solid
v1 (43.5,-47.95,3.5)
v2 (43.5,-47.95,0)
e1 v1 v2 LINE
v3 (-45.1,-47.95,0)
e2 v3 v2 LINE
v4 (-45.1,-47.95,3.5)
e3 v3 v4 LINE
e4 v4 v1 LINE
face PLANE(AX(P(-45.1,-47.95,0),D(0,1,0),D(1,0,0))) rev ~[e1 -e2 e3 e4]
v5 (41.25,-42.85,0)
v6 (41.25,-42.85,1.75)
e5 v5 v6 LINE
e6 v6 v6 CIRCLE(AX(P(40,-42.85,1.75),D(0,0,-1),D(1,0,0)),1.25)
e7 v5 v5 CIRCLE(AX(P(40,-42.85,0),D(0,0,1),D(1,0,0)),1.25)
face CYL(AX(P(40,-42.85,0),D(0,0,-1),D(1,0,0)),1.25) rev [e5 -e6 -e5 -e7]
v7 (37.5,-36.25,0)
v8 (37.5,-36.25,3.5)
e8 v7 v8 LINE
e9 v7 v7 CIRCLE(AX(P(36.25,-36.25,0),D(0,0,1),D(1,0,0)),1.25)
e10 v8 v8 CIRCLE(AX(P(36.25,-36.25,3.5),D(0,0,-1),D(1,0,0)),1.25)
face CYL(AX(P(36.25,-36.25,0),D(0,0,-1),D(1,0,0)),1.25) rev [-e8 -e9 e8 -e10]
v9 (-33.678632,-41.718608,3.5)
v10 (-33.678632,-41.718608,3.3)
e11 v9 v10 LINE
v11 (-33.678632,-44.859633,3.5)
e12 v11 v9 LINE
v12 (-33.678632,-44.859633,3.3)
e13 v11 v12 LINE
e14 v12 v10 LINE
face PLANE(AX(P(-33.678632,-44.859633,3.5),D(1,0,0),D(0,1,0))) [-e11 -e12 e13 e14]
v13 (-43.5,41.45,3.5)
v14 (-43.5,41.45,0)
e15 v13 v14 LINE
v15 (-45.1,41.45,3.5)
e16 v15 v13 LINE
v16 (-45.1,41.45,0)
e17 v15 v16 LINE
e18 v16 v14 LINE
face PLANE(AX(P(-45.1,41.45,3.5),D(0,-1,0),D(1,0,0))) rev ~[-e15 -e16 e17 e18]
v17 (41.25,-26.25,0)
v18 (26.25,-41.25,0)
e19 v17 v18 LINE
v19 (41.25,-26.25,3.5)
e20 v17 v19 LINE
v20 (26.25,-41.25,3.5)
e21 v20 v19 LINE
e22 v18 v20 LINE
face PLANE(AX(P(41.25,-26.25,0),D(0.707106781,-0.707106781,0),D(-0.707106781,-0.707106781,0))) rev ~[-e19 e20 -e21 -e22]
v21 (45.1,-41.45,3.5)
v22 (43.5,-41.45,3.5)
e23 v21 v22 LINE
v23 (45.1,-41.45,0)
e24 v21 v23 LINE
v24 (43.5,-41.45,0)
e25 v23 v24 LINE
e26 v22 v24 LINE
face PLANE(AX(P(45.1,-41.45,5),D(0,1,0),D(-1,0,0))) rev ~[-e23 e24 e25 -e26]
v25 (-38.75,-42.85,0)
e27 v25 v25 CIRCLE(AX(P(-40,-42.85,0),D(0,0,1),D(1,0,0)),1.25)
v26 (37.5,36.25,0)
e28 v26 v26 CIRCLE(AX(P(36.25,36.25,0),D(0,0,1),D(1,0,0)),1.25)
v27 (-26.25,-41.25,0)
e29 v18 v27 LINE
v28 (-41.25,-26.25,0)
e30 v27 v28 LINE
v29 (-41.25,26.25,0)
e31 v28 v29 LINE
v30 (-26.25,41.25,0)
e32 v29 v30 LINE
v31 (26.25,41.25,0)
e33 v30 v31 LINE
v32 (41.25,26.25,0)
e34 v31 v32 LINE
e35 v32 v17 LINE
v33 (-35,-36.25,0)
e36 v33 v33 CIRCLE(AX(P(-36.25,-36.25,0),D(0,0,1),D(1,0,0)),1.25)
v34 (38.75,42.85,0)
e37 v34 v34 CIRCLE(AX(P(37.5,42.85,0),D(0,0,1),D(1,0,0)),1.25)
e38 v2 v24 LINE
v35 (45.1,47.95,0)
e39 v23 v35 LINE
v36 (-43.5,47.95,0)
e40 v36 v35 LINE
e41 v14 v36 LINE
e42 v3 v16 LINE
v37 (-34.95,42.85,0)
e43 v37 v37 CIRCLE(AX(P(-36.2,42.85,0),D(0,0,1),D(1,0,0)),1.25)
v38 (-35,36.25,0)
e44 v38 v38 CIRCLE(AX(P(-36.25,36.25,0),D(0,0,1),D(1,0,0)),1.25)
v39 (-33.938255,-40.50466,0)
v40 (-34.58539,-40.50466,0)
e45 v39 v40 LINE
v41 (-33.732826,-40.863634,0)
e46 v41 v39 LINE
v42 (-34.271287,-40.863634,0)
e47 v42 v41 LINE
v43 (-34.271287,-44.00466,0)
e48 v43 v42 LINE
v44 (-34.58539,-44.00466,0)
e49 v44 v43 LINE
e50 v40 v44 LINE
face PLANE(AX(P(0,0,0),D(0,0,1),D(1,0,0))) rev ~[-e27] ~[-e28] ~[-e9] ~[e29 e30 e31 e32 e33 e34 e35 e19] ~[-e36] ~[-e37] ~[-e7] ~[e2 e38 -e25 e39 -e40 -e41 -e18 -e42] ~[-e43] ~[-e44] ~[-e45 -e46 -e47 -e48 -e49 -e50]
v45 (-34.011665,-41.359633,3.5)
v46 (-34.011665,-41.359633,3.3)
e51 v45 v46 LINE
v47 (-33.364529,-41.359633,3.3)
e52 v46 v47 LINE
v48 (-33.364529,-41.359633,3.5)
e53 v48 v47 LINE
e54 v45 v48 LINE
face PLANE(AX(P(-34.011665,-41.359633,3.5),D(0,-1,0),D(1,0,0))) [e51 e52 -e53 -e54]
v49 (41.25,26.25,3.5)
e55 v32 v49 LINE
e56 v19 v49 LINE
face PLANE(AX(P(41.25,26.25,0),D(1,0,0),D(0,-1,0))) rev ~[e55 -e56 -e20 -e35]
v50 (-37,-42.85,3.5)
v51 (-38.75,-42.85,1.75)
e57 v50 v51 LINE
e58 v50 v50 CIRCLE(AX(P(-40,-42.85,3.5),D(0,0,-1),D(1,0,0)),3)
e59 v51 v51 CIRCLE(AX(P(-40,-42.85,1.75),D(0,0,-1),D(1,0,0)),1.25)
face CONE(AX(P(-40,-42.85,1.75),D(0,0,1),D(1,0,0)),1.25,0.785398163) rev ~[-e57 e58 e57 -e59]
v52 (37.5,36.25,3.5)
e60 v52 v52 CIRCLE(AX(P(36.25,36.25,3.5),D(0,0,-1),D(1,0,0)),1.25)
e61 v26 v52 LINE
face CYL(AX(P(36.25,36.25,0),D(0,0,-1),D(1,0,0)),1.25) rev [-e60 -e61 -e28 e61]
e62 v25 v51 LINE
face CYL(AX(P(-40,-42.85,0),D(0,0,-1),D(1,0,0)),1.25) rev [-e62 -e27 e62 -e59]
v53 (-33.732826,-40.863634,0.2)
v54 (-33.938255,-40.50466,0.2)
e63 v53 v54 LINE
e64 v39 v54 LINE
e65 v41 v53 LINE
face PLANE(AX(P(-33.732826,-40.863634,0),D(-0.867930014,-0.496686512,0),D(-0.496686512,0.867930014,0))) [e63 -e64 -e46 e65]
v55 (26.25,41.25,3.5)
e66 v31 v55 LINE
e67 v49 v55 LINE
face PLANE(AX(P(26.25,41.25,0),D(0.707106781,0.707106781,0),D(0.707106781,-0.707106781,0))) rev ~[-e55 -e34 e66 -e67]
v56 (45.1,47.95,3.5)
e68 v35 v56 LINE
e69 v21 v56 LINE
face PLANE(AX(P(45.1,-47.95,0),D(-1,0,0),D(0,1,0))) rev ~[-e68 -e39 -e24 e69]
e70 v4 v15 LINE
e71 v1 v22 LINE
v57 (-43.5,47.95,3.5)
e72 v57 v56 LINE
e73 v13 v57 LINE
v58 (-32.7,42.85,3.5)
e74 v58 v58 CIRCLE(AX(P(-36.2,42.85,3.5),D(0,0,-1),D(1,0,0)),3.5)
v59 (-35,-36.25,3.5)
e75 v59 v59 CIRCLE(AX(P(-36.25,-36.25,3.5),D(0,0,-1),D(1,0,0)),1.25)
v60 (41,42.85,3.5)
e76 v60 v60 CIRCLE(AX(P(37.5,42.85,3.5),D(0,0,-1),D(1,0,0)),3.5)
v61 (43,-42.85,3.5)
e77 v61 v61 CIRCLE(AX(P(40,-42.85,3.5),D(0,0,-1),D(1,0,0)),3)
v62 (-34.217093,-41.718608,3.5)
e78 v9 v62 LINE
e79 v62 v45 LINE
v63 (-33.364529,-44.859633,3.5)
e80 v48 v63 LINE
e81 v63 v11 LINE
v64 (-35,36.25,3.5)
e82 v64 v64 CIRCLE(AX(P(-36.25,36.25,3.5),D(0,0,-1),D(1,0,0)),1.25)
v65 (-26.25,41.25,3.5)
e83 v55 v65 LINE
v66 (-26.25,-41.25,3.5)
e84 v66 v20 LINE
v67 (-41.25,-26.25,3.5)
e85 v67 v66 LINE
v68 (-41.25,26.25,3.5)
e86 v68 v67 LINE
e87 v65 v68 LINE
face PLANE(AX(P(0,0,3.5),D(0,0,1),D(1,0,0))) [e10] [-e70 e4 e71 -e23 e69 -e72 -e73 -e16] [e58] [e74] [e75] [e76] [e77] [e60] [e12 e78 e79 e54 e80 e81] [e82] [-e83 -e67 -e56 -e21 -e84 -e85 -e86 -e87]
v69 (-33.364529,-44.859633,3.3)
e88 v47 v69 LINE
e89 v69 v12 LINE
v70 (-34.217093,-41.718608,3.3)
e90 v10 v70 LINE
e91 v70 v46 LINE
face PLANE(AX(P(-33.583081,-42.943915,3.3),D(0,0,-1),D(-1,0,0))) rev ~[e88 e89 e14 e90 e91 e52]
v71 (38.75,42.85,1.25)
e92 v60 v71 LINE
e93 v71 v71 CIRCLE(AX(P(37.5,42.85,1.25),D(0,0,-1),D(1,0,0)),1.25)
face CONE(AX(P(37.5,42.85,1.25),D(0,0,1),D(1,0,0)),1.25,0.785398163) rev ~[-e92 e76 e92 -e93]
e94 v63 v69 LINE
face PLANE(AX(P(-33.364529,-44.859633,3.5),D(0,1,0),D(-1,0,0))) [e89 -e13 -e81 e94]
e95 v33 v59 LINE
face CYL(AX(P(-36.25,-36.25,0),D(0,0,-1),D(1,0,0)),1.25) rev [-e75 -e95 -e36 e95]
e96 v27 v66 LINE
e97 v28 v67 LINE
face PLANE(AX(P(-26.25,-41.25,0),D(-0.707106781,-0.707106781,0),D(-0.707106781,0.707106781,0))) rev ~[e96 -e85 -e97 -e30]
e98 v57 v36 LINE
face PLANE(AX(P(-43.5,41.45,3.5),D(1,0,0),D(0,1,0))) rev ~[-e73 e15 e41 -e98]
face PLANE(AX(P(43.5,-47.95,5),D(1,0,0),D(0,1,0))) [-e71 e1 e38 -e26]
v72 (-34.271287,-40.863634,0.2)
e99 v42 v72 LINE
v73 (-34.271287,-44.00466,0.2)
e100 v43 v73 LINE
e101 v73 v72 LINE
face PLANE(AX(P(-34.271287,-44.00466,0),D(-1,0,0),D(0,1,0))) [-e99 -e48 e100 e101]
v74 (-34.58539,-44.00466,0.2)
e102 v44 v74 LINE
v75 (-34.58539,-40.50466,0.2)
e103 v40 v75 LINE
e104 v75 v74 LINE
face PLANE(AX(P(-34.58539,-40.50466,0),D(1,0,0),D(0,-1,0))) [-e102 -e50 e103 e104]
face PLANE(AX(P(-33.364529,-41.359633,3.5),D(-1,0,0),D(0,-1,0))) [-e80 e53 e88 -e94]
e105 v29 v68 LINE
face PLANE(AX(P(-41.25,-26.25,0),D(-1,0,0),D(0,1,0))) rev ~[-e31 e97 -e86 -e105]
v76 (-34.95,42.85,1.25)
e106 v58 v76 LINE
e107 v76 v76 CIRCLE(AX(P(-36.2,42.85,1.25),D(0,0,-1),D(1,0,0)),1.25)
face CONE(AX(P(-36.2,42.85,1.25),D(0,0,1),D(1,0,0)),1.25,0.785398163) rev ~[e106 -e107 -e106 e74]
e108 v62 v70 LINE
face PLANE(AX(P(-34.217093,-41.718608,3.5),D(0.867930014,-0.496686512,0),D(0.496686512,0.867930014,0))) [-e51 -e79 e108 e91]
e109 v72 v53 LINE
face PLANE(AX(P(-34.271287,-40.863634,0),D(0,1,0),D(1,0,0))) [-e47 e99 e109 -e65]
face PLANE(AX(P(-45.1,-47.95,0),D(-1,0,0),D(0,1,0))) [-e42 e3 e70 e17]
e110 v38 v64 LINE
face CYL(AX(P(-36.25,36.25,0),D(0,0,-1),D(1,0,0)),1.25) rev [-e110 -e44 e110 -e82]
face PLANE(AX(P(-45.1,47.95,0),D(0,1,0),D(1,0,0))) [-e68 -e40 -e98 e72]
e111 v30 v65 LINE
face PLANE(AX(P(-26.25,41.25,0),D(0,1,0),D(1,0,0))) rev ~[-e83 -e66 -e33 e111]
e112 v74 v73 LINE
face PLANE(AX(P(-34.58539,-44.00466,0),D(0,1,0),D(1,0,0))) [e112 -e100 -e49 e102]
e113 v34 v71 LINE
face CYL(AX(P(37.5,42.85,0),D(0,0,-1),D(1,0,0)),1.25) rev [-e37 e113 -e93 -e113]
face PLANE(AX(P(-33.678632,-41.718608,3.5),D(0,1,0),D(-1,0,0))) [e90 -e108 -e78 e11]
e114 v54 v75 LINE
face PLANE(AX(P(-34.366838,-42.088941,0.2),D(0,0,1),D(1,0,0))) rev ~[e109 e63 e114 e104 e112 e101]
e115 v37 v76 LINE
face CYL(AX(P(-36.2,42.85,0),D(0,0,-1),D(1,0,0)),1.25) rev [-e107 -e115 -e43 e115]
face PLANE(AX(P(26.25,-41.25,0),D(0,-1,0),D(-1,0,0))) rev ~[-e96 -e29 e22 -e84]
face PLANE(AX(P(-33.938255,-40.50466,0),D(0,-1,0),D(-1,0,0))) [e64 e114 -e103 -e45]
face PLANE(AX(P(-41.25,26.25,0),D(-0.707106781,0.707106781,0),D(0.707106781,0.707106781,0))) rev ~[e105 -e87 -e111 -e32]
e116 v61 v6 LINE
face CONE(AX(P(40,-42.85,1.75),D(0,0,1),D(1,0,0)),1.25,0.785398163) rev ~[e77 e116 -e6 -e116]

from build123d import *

# Parameters (mm, degrees)
ESBO_O1_W                  = 90.2
ESBO_O1_H                  = 95.9
RESSALTO_EXTRUS_O1_DEPTH   = 3.5
ESBO_O2_R                  = 1.25
CORTE_EXTRUS_O1_DEPTH      = 5
CORTE_EXTRUS_O3_DEPTH      = 5
ESBO_O4_R                  = 1.25
CORTE_EXTRUS_O2_DEPTH      = 10
CHANFRO4_SIZE              = 1.75
CHANFRO5_SIZE              = 1.75
CHANFRO6_SIZE              = 2.25
CHANFRO7_SIZE              = 2.25
CORTE_EXTRUS_O4_DEPTH      = 0.2
CORTE_EXTRUS_O5_DEPTH      = 0.2
CORTE_EXTRUS_O7_DEPTH      = 66.920122118
CORTE_EXTRUS_O7_DEPTH_BACK = 5
ESBO_O7_W                  = 1.6
ESBO_O7_H                  = 6.5
ESBO_O8_W                  = 1.6
ESBO_O8_H                  = 6.5
CORTE_EXTRUS_O8_DEPTH      = 5


with BuildPart() as part:
    # Esboço1 → Ressalto-extrusão1 (new body)
    with BuildSketch(Plane.XY):
        Rectangle(ESBO_O1_W, ESBO_O1_H)
    extrude(amount=RESSALTO_EXTRUS_O1_DEPTH)

    # Esboço2 → Corte-extrusão1 (cut)
    with BuildSketch(Plane.XY):
        with Locations((-36.2, 42.85)):
            Circle(ESBO_O2_R)
        with Locations((37.5, 42.85)):
            Circle(ESBO_O2_R)
        with Locations((40, -42.85)):
            Circle(ESBO_O2_R)
        with Locations((-40, -42.85)):
            Circle(ESBO_O2_R)
    extrude(amount=CORTE_EXTRUS_O1_DEPTH, mode=Mode.SUBTRACT)

    # Esboço3 → Corte-extrusão3 (cut)
    with BuildSketch(Plane.XY):
        Polygon((-26.25, 41.25), (26.25, 41.25), (41.25, 26.25), (41.25, -26.25), (26.25, -41.25), (-26.25, -41.25), (-41.25, -26.25), (-41.25, 26.25), align=None)
    extrude(amount=CORTE_EXTRUS_O3_DEPTH, mode=Mode.SUBTRACT)

    # Esboço4 → Corte-extrusão2 (cut)
    with BuildSketch(Plane.XY):
        with Locations((-36.25, 36.25)):
            Circle(ESBO_O4_R)
        with Locations((36.25, 36.25)):
            Circle(ESBO_O4_R)
        with Locations((-36.25, -36.25)):
            Circle(ESBO_O4_R)
        with Locations((36.25, -36.25)):
            Circle(ESBO_O4_R)
    extrude(amount=CORTE_EXTRUS_O2_DEPTH, mode=Mode.SUBTRACT)

    # Chanfro4
    chanfro4_edges = [part.edges().sort_by_distance(p)[0] for p in [
        (-41.25, -42.85, 3.5),
    ]]
    chamfer(chanfro4_edges, length=CHANFRO4_SIZE)

    # Chanfro5
    chanfro5_edges = [part.edges().sort_by_distance(p)[0] for p in [
        (38.75, -42.85, 3.5),
    ]]
    chamfer(chanfro5_edges, length=CHANFRO5_SIZE)

    # Chanfro6
    chanfro6_edges = [part.edges().sort_by_distance(p)[0] for p in [
        (-37.45, 42.85, 3.5),
    ]]
    chamfer(chanfro6_edges, length=CHANFRO6_SIZE)

    # Chanfro7
    chanfro7_edges = [part.edges().sort_by_distance(p)[0] for p in [
        (36.25, 42.85, 3.5),
    ]]
    chamfer(chanfro7_edges, length=CHANFRO7_SIZE)

    # Esboço5 → Corte-extrusão4 (cut)
    with BuildSketch(Plane.XY.offset(3.5)):
        Polygon((-34.011664728, -41.359633286), (-33.364529311, -41.359633286), (-33.364529311, -44.859633286), (-33.678631875, -44.859633286), (-33.678631875, -41.718607645), (-34.217093414, -41.718607645), align=None)
    extrude(amount=-CORTE_EXTRUS_O4_DEPTH, mode=Mode.SUBTRACT)

    # Esboço6 → Corte-extrusão5 (cut)
    with BuildSketch(Plane(origin=(0, 0, 0), x_dir=(-1, 0, 0), z_dir=(0, 0, -1))):
        Polygon((33.93825461, -40.504659527), (34.585390027, -40.504659527), (34.585390027, -44.004659527), (34.271287463, -44.004659527), (34.271287463, -40.863633886), (33.732825924, -40.863633886), align=None)
    extrude(amount=-CORTE_EXTRUS_O5_DEPTH, mode=Mode.SUBTRACT)

    # Esboço7 → Corte-extrusão7 (cut, two sides: drawn at the far end of the back side and taken through both)
    with BuildSketch(Plane(origin=(0, 0, 0), x_dir=(-1, 0, 0), z_dir=(0, 0, -1)).offset(-CORTE_EXTRUS_O7_DEPTH_BACK)):
        with Locations((-44.3, -44.7)):
            Rectangle(ESBO_O7_W, ESBO_O7_H)
    extrude(amount=CORTE_EXTRUS_O7_DEPTH + CORTE_EXTRUS_O7_DEPTH_BACK, mode=Mode.SUBTRACT)

    # Esboço8 → Corte-extrusão8 (cut)
    with BuildSketch(Plane.XY.offset(3.5)):
        with Locations((-44.3, 44.7)):
            Rectangle(ESBO_O8_W, ESBO_O8_H)
    extrude(amount=-CORTE_EXTRUS_O8_DEPTH, mode=Mode.SUBTRACT)


solid = part.part
